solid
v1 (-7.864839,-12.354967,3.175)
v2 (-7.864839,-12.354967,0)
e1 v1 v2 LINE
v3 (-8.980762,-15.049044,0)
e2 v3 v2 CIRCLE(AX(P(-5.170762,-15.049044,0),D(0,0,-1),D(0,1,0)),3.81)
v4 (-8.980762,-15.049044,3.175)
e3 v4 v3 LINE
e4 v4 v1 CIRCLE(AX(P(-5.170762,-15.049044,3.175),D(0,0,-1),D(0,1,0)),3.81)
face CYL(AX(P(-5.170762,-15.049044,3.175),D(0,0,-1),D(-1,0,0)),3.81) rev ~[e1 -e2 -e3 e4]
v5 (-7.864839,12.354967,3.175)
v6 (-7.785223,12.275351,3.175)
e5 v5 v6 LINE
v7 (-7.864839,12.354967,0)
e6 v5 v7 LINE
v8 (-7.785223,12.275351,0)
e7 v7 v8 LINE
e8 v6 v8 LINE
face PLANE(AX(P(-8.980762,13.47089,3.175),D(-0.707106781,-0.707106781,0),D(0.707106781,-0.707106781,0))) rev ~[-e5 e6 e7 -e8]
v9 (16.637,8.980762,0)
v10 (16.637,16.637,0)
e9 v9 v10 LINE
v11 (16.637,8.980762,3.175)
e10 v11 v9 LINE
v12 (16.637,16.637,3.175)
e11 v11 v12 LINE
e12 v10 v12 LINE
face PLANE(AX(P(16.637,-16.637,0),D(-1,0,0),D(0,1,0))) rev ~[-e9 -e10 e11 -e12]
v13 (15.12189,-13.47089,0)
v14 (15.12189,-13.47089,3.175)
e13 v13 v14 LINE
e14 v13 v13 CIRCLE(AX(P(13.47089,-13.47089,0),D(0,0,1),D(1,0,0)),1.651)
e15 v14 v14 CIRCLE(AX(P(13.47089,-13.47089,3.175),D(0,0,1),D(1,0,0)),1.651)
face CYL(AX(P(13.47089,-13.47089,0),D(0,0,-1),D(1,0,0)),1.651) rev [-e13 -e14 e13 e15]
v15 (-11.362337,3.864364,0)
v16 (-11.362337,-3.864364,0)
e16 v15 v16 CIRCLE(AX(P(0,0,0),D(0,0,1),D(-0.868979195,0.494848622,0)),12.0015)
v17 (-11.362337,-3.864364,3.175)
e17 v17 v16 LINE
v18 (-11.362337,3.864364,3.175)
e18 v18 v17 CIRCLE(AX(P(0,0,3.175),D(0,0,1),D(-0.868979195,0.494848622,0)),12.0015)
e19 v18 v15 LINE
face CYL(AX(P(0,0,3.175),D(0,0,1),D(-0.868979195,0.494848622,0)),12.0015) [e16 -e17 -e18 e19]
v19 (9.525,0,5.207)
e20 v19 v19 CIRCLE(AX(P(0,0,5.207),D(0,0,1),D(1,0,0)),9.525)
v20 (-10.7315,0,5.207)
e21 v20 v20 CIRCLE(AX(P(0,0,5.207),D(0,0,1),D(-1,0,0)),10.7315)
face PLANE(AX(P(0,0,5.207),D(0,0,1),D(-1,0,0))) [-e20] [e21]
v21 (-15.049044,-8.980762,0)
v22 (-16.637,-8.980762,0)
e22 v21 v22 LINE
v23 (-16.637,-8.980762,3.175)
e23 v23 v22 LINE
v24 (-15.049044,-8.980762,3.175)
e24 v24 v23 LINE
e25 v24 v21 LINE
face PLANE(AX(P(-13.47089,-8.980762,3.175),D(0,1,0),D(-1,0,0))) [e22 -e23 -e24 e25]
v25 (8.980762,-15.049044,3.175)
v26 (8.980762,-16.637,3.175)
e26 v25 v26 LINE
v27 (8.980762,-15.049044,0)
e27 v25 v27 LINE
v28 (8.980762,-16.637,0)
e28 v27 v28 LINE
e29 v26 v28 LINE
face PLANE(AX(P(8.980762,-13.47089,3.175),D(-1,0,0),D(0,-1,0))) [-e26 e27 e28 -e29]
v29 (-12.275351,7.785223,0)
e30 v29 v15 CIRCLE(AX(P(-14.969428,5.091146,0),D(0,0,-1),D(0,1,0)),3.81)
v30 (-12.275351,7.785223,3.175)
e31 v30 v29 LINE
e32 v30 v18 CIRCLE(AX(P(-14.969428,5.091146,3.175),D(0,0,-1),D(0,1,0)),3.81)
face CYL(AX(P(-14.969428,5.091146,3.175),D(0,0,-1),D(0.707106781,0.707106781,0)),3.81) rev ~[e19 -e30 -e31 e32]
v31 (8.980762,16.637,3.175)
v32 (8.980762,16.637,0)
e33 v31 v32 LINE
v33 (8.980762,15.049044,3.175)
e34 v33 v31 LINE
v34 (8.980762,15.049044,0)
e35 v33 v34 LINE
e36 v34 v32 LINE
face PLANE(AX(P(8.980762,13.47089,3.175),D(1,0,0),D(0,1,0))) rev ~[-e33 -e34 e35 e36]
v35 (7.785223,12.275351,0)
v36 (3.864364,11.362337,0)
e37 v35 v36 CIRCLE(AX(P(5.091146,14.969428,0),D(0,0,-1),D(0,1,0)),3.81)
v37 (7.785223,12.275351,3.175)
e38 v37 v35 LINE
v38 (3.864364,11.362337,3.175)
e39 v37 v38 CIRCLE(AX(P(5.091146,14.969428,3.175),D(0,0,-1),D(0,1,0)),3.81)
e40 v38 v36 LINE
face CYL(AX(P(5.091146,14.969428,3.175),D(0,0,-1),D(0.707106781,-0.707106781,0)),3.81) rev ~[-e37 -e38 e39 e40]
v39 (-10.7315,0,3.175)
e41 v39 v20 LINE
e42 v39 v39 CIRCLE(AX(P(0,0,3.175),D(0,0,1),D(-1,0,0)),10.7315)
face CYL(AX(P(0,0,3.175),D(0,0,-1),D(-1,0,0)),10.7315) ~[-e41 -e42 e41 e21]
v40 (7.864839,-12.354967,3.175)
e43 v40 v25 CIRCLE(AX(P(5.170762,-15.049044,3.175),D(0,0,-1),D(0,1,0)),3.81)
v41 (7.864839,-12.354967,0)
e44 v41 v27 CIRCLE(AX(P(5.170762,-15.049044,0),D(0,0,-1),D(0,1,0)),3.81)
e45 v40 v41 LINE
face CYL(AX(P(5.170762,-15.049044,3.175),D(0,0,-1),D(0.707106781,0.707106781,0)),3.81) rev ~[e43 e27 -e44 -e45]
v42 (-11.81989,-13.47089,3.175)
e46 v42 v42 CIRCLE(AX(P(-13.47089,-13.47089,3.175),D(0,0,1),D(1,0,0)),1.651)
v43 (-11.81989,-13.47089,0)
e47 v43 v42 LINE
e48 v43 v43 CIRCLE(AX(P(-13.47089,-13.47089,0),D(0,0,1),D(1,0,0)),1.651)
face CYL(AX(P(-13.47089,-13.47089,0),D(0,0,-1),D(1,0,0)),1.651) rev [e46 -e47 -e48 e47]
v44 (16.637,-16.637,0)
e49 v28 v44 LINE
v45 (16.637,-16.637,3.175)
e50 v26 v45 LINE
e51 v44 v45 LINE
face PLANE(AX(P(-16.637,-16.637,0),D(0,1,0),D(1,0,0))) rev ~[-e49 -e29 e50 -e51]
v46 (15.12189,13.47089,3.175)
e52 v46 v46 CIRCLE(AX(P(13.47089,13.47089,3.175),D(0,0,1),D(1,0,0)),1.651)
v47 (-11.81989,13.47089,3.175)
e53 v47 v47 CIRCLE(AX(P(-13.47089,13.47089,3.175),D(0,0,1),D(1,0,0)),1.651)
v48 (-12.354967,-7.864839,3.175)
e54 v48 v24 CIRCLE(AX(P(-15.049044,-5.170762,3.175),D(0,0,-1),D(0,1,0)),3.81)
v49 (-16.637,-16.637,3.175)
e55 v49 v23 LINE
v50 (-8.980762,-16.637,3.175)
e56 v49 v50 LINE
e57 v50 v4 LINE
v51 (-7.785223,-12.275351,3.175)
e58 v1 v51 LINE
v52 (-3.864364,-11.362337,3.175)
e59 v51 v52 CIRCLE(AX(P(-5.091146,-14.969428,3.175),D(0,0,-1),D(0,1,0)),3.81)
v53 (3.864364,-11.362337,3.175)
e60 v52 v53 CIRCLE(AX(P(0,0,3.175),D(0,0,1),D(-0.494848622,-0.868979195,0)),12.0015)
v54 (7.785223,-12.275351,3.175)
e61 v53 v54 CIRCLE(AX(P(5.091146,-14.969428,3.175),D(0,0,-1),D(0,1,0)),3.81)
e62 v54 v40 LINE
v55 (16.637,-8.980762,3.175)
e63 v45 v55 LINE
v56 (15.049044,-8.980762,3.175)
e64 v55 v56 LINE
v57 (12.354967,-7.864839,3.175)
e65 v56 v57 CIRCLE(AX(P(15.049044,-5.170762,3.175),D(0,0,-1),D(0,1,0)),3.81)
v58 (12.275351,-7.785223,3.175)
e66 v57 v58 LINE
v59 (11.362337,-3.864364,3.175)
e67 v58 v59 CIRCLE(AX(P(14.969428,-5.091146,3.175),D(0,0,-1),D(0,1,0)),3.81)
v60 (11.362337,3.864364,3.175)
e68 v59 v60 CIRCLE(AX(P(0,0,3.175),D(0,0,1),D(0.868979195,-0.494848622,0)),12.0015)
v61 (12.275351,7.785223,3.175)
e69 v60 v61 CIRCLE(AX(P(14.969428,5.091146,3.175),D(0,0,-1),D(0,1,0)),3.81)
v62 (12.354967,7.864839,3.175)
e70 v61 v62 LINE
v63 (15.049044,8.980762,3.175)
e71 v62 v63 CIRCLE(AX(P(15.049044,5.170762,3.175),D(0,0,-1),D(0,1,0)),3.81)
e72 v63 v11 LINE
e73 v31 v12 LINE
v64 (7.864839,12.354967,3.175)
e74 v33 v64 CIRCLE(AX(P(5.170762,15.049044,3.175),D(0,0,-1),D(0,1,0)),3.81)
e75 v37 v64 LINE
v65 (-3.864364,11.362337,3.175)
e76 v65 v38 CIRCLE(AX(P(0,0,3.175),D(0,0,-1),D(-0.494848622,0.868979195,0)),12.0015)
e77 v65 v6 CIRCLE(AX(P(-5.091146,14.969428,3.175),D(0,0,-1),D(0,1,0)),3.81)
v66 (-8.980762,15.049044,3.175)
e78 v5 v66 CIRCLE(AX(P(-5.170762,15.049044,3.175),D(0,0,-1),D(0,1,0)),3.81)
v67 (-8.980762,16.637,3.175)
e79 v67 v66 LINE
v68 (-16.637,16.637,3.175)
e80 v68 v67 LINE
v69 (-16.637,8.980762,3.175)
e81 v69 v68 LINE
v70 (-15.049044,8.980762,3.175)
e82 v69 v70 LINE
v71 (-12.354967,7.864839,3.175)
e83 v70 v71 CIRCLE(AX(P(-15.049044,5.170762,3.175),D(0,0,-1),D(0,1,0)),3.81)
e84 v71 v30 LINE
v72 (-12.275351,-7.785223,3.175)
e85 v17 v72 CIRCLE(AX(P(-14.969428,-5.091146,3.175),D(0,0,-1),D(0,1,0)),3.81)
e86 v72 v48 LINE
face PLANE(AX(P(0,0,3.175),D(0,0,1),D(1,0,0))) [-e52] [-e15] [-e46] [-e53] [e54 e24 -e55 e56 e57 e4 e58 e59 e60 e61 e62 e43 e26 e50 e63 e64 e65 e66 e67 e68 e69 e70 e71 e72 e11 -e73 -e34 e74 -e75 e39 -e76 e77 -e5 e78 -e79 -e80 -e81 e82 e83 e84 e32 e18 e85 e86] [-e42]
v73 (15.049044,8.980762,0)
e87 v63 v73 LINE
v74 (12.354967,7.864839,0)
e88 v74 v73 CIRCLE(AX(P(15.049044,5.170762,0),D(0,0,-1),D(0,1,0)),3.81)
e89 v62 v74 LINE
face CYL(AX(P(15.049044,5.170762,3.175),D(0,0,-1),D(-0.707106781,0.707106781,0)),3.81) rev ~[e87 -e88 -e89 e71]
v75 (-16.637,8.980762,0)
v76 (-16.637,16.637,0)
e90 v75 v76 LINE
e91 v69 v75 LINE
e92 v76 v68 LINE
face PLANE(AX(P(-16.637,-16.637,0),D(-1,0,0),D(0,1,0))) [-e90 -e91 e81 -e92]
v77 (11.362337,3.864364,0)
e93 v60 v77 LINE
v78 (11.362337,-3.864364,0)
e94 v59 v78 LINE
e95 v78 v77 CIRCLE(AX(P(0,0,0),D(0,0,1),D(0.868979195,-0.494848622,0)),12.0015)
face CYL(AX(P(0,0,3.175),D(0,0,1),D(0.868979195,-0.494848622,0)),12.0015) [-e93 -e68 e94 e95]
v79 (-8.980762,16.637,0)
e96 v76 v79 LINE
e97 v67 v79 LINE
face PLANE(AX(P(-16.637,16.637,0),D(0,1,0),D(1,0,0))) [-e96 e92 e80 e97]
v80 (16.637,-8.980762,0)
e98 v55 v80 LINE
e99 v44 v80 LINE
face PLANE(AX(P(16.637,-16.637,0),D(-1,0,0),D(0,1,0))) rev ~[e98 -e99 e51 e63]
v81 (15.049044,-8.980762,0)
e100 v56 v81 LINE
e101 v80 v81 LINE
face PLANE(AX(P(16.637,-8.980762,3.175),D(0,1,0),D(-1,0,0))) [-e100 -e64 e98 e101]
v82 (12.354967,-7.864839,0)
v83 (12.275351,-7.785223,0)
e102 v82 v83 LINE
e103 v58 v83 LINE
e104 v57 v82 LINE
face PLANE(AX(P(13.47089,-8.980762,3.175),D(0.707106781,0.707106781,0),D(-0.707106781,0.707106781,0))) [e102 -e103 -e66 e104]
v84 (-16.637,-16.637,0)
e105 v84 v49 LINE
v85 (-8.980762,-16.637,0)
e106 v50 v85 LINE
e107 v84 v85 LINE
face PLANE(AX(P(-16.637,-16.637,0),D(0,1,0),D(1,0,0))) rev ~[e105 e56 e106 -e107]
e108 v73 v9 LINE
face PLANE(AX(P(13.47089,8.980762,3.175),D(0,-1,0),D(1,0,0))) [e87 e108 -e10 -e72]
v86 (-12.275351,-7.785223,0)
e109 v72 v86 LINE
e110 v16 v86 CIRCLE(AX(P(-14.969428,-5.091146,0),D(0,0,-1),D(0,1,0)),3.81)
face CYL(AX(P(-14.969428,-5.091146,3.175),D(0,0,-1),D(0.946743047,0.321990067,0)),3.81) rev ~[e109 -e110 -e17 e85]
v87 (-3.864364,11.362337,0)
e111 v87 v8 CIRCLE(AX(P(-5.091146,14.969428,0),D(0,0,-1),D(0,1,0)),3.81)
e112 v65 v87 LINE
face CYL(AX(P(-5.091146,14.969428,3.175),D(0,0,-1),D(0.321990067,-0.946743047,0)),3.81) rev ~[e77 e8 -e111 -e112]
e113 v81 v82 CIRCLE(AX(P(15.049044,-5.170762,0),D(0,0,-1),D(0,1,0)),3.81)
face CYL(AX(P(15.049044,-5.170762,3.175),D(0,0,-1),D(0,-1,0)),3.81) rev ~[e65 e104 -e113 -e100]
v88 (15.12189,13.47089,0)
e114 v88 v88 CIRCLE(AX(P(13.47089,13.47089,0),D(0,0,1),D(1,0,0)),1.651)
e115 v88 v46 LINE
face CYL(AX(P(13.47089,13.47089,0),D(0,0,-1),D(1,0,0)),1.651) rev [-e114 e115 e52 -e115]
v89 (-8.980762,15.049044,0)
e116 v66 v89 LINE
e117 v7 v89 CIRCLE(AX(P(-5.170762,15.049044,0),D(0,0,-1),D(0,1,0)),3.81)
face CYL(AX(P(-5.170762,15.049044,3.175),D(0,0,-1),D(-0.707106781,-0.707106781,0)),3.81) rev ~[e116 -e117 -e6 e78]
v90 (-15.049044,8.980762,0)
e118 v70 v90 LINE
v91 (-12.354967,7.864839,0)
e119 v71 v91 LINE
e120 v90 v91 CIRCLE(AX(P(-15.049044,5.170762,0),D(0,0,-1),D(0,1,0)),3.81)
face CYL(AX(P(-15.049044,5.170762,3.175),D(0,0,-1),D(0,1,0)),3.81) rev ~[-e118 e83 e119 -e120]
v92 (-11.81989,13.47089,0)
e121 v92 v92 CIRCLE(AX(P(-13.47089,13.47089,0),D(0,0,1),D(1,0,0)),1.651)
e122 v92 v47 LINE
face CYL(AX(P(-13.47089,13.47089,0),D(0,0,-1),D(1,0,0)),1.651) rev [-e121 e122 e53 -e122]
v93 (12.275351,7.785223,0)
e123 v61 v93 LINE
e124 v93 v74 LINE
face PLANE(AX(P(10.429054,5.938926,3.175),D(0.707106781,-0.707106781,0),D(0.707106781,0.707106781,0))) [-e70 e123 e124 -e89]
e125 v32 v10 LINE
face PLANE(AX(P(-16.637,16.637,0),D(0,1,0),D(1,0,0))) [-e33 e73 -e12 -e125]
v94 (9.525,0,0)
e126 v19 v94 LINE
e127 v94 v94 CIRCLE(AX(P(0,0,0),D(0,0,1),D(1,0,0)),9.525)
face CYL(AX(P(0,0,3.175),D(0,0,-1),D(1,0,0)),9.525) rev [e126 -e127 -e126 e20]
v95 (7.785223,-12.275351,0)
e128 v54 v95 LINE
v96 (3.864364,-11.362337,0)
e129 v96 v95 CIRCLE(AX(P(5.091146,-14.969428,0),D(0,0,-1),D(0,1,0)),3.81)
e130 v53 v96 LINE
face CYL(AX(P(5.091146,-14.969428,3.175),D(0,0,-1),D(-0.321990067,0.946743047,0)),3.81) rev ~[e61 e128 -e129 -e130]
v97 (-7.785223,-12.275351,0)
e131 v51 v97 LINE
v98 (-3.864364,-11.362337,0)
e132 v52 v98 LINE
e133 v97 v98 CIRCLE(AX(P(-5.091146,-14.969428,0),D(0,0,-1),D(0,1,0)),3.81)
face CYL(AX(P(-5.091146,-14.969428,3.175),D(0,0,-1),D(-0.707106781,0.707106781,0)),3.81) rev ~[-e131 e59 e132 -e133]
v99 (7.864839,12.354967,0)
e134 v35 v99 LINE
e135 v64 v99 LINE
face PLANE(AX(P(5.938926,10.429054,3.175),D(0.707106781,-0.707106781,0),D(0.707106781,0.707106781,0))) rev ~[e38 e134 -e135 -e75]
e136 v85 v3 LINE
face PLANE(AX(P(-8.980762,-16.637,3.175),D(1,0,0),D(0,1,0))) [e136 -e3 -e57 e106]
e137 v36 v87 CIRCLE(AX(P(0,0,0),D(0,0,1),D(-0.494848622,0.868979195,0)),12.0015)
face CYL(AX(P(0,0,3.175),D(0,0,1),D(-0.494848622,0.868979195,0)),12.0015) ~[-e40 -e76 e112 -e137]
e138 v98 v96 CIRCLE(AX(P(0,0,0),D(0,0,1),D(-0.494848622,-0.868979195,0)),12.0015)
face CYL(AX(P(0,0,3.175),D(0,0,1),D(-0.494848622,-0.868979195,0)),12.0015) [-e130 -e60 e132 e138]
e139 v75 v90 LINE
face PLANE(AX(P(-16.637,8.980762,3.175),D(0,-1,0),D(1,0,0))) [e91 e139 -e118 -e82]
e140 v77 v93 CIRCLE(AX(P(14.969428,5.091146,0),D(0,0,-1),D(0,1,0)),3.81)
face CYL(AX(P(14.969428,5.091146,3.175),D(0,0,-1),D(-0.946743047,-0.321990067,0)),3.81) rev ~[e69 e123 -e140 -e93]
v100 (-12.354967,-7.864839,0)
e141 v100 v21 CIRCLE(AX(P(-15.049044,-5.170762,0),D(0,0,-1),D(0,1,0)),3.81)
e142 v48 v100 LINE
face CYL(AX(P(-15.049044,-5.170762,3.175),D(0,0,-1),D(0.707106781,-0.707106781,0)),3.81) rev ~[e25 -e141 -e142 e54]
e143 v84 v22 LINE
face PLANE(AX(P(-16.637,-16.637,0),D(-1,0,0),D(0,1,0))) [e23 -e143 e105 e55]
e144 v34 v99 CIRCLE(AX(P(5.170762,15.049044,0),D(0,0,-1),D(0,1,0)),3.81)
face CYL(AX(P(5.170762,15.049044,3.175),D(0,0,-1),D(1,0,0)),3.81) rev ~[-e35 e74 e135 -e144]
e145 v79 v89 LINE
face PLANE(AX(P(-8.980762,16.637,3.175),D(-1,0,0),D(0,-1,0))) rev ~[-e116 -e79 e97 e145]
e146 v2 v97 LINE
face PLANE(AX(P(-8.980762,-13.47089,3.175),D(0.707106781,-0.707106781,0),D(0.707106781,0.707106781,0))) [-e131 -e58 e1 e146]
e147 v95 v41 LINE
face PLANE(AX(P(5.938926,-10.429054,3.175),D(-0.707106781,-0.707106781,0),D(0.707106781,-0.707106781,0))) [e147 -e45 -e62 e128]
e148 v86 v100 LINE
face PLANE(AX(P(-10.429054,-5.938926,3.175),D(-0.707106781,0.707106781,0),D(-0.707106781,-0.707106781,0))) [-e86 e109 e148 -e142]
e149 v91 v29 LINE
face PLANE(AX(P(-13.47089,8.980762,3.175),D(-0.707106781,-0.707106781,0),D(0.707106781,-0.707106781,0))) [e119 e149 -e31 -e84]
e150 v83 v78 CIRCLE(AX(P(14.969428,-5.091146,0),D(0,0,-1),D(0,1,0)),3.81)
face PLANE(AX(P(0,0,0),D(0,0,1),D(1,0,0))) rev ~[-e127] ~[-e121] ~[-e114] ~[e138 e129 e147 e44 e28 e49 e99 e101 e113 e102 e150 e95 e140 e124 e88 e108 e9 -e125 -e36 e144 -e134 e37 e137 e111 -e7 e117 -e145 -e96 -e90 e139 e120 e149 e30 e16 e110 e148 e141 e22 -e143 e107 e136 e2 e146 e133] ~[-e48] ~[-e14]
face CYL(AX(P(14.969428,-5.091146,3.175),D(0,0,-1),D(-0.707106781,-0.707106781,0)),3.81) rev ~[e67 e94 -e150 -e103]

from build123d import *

# Parameters (mm, degrees)
SKETCH3_W           = 33.274
SKETCH3_H           = 33.274
SKETCH3_R           = 9.525
SKETCH3_R_2         = 1.651
BOSS_EXTRUDE1_DEPTH = 3.175
CUT_EXTRUDE1_DEPTH  = 24.741528236
SKETCH5_R           = 10.7315
SKETCH5_R_2         = 9.525
BOSS_EXTRUDE2_DEPTH = 2.032
FILLET1_R           = 3.81


with BuildPart() as part:
    # Sketch3 → Boss-Extrude1 (new body)
    with BuildSketch(Plane.XY):
        Rectangle(SKETCH3_W, SKETCH3_H)
        Circle(SKETCH3_R, mode=Mode.SUBTRACT)
        with Locations((-13.47089, 13.47089)):
            Circle(SKETCH3_R_2, mode=Mode.SUBTRACT)
        with Locations((-13.47089, -13.47089)):
            Circle(SKETCH3_R_2, mode=Mode.SUBTRACT)
        with Locations((13.47089, 13.47089)):
            Circle(SKETCH3_R_2, mode=Mode.SUBTRACT)
        with Locations((13.47089, -13.47089)):
            Circle(SKETCH3_R_2, mode=Mode.SUBTRACT)
    extrude(amount=BOSS_EXTRUDE1_DEPTH)

    # Sketch4 → Cut-Extrude1 (cut, through all)
    with BuildSketch(Plane.XY.offset(3.175)):
        with BuildLine():
            Line((-8.980761939, 16.637), (-8.980761939, 13.47089))
            Line((-8.980761939, 13.47089), (-5.938925744, 10.429053805))
            ThreePointArc((-5.938925744, 10.429053805), (0, 12.0015), (5.938925744, 10.429053805))
            Line((5.938925744, 10.429053805), (8.980761939, 13.47089))
            Line((8.980761939, 13.47089), (8.980761939, 16.637))
            Line((8.980761939, 16.637), (-8.980761939, 16.637))
        make_face()
        with BuildLine():
            Line((-16.637, 8.980761939), (-13.47089, 8.980761939))
            Line((-13.47089, 8.980761939), (-10.429053805, 5.938925744))
            ThreePointArc((-10.429053805, 5.938925744), (-12.0015, 0), (-10.429053805, -5.938925744))
            Line((-10.429053805, -5.938925744), (-13.47089, -8.980761939))
            Line((-13.47089, -8.980761939), (-16.637, -8.980761939))
            Line((-16.637, -8.980761939), (-16.637, 8.980761939))
        make_face()
        with BuildLine():
            Line((-8.980761939, -16.637), (-8.980761939, -13.47089))
            Line((-8.980761939, -13.47089), (-5.938925744, -10.429053805))
            ThreePointArc((-5.938925744, -10.429053805), (0, -12.0015), (5.938925744, -10.429053805))
            Line((5.938925744, -10.429053805), (8.980761939, -13.47089))
            Line((8.980761939, -13.47089), (8.980761939, -16.637))
            Line((8.980761939, -16.637), (-8.980761939, -16.637))
        make_face()
        with BuildLine():
            Line((16.637, -8.980761939), (13.47089, -8.980761939))
            Line((13.47089, -8.980761939), (10.429053805, -5.938925744))
            ThreePointArc((10.429053805, -5.938925744), (12.0015, 0), (10.429053805, 5.938925744))
            Line((10.429053805, 5.938925744), (13.47089, 8.980761939))
            Line((13.47089, 8.980761939), (16.637, 8.980761939))
            Line((16.637, 8.980761939), (16.637, -8.980761939))
        make_face()
    extrude(amount=-CUT_EXTRUDE1_DEPTH, mode=Mode.SUBTRACT)

    # Sketch5 → Boss-Extrude2 (add)
    with BuildSketch(Plane.XY.offset(3.175)):
        with Locations(Location((0, 0, 0), (0, 0, 180))):
            Circle(SKETCH5_R)
        Circle(SKETCH5_R_2, mode=Mode.SUBTRACT)
    extrude(amount=BOSS_EXTRUDE2_DEPTH)

    # Fillet1
    fillet1_edges = [part.edges().sort_by_distance(p)[0] for p in [
        (8.980761939, 13.47089, 1.5875),
        (5.938925744, 10.429053805, 1.5875),
        (-5.938925744, 10.429053805, 1.5875),
        (-8.980761939, 13.47089, 1.5875),
        (-13.47089, 8.980761939, 1.5875),
        (-10.429053805, 5.938925744, 1.5875),
        (-10.429053805, -5.938925744, 1.5875),
        (-13.47089, -8.980761939, 1.5875),
        (-8.980761939, -13.47089, 1.5875),
        (-5.938925744, -10.429053805, 1.5875),
        (5.938925744, -10.429053805, 1.5875),
        (8.980761939, -13.47089, 1.5875),
        (13.47089, -8.980761939, 1.5875),
        (10.429053805, -5.938925744, 1.5875),
        (10.429053805, 5.938925744, 1.5875),
        (13.47089, 8.980761939, 1.5875),
    ]]
    fillet(fillet1_edges, radius=FILLET1_R)


solid = part.part
